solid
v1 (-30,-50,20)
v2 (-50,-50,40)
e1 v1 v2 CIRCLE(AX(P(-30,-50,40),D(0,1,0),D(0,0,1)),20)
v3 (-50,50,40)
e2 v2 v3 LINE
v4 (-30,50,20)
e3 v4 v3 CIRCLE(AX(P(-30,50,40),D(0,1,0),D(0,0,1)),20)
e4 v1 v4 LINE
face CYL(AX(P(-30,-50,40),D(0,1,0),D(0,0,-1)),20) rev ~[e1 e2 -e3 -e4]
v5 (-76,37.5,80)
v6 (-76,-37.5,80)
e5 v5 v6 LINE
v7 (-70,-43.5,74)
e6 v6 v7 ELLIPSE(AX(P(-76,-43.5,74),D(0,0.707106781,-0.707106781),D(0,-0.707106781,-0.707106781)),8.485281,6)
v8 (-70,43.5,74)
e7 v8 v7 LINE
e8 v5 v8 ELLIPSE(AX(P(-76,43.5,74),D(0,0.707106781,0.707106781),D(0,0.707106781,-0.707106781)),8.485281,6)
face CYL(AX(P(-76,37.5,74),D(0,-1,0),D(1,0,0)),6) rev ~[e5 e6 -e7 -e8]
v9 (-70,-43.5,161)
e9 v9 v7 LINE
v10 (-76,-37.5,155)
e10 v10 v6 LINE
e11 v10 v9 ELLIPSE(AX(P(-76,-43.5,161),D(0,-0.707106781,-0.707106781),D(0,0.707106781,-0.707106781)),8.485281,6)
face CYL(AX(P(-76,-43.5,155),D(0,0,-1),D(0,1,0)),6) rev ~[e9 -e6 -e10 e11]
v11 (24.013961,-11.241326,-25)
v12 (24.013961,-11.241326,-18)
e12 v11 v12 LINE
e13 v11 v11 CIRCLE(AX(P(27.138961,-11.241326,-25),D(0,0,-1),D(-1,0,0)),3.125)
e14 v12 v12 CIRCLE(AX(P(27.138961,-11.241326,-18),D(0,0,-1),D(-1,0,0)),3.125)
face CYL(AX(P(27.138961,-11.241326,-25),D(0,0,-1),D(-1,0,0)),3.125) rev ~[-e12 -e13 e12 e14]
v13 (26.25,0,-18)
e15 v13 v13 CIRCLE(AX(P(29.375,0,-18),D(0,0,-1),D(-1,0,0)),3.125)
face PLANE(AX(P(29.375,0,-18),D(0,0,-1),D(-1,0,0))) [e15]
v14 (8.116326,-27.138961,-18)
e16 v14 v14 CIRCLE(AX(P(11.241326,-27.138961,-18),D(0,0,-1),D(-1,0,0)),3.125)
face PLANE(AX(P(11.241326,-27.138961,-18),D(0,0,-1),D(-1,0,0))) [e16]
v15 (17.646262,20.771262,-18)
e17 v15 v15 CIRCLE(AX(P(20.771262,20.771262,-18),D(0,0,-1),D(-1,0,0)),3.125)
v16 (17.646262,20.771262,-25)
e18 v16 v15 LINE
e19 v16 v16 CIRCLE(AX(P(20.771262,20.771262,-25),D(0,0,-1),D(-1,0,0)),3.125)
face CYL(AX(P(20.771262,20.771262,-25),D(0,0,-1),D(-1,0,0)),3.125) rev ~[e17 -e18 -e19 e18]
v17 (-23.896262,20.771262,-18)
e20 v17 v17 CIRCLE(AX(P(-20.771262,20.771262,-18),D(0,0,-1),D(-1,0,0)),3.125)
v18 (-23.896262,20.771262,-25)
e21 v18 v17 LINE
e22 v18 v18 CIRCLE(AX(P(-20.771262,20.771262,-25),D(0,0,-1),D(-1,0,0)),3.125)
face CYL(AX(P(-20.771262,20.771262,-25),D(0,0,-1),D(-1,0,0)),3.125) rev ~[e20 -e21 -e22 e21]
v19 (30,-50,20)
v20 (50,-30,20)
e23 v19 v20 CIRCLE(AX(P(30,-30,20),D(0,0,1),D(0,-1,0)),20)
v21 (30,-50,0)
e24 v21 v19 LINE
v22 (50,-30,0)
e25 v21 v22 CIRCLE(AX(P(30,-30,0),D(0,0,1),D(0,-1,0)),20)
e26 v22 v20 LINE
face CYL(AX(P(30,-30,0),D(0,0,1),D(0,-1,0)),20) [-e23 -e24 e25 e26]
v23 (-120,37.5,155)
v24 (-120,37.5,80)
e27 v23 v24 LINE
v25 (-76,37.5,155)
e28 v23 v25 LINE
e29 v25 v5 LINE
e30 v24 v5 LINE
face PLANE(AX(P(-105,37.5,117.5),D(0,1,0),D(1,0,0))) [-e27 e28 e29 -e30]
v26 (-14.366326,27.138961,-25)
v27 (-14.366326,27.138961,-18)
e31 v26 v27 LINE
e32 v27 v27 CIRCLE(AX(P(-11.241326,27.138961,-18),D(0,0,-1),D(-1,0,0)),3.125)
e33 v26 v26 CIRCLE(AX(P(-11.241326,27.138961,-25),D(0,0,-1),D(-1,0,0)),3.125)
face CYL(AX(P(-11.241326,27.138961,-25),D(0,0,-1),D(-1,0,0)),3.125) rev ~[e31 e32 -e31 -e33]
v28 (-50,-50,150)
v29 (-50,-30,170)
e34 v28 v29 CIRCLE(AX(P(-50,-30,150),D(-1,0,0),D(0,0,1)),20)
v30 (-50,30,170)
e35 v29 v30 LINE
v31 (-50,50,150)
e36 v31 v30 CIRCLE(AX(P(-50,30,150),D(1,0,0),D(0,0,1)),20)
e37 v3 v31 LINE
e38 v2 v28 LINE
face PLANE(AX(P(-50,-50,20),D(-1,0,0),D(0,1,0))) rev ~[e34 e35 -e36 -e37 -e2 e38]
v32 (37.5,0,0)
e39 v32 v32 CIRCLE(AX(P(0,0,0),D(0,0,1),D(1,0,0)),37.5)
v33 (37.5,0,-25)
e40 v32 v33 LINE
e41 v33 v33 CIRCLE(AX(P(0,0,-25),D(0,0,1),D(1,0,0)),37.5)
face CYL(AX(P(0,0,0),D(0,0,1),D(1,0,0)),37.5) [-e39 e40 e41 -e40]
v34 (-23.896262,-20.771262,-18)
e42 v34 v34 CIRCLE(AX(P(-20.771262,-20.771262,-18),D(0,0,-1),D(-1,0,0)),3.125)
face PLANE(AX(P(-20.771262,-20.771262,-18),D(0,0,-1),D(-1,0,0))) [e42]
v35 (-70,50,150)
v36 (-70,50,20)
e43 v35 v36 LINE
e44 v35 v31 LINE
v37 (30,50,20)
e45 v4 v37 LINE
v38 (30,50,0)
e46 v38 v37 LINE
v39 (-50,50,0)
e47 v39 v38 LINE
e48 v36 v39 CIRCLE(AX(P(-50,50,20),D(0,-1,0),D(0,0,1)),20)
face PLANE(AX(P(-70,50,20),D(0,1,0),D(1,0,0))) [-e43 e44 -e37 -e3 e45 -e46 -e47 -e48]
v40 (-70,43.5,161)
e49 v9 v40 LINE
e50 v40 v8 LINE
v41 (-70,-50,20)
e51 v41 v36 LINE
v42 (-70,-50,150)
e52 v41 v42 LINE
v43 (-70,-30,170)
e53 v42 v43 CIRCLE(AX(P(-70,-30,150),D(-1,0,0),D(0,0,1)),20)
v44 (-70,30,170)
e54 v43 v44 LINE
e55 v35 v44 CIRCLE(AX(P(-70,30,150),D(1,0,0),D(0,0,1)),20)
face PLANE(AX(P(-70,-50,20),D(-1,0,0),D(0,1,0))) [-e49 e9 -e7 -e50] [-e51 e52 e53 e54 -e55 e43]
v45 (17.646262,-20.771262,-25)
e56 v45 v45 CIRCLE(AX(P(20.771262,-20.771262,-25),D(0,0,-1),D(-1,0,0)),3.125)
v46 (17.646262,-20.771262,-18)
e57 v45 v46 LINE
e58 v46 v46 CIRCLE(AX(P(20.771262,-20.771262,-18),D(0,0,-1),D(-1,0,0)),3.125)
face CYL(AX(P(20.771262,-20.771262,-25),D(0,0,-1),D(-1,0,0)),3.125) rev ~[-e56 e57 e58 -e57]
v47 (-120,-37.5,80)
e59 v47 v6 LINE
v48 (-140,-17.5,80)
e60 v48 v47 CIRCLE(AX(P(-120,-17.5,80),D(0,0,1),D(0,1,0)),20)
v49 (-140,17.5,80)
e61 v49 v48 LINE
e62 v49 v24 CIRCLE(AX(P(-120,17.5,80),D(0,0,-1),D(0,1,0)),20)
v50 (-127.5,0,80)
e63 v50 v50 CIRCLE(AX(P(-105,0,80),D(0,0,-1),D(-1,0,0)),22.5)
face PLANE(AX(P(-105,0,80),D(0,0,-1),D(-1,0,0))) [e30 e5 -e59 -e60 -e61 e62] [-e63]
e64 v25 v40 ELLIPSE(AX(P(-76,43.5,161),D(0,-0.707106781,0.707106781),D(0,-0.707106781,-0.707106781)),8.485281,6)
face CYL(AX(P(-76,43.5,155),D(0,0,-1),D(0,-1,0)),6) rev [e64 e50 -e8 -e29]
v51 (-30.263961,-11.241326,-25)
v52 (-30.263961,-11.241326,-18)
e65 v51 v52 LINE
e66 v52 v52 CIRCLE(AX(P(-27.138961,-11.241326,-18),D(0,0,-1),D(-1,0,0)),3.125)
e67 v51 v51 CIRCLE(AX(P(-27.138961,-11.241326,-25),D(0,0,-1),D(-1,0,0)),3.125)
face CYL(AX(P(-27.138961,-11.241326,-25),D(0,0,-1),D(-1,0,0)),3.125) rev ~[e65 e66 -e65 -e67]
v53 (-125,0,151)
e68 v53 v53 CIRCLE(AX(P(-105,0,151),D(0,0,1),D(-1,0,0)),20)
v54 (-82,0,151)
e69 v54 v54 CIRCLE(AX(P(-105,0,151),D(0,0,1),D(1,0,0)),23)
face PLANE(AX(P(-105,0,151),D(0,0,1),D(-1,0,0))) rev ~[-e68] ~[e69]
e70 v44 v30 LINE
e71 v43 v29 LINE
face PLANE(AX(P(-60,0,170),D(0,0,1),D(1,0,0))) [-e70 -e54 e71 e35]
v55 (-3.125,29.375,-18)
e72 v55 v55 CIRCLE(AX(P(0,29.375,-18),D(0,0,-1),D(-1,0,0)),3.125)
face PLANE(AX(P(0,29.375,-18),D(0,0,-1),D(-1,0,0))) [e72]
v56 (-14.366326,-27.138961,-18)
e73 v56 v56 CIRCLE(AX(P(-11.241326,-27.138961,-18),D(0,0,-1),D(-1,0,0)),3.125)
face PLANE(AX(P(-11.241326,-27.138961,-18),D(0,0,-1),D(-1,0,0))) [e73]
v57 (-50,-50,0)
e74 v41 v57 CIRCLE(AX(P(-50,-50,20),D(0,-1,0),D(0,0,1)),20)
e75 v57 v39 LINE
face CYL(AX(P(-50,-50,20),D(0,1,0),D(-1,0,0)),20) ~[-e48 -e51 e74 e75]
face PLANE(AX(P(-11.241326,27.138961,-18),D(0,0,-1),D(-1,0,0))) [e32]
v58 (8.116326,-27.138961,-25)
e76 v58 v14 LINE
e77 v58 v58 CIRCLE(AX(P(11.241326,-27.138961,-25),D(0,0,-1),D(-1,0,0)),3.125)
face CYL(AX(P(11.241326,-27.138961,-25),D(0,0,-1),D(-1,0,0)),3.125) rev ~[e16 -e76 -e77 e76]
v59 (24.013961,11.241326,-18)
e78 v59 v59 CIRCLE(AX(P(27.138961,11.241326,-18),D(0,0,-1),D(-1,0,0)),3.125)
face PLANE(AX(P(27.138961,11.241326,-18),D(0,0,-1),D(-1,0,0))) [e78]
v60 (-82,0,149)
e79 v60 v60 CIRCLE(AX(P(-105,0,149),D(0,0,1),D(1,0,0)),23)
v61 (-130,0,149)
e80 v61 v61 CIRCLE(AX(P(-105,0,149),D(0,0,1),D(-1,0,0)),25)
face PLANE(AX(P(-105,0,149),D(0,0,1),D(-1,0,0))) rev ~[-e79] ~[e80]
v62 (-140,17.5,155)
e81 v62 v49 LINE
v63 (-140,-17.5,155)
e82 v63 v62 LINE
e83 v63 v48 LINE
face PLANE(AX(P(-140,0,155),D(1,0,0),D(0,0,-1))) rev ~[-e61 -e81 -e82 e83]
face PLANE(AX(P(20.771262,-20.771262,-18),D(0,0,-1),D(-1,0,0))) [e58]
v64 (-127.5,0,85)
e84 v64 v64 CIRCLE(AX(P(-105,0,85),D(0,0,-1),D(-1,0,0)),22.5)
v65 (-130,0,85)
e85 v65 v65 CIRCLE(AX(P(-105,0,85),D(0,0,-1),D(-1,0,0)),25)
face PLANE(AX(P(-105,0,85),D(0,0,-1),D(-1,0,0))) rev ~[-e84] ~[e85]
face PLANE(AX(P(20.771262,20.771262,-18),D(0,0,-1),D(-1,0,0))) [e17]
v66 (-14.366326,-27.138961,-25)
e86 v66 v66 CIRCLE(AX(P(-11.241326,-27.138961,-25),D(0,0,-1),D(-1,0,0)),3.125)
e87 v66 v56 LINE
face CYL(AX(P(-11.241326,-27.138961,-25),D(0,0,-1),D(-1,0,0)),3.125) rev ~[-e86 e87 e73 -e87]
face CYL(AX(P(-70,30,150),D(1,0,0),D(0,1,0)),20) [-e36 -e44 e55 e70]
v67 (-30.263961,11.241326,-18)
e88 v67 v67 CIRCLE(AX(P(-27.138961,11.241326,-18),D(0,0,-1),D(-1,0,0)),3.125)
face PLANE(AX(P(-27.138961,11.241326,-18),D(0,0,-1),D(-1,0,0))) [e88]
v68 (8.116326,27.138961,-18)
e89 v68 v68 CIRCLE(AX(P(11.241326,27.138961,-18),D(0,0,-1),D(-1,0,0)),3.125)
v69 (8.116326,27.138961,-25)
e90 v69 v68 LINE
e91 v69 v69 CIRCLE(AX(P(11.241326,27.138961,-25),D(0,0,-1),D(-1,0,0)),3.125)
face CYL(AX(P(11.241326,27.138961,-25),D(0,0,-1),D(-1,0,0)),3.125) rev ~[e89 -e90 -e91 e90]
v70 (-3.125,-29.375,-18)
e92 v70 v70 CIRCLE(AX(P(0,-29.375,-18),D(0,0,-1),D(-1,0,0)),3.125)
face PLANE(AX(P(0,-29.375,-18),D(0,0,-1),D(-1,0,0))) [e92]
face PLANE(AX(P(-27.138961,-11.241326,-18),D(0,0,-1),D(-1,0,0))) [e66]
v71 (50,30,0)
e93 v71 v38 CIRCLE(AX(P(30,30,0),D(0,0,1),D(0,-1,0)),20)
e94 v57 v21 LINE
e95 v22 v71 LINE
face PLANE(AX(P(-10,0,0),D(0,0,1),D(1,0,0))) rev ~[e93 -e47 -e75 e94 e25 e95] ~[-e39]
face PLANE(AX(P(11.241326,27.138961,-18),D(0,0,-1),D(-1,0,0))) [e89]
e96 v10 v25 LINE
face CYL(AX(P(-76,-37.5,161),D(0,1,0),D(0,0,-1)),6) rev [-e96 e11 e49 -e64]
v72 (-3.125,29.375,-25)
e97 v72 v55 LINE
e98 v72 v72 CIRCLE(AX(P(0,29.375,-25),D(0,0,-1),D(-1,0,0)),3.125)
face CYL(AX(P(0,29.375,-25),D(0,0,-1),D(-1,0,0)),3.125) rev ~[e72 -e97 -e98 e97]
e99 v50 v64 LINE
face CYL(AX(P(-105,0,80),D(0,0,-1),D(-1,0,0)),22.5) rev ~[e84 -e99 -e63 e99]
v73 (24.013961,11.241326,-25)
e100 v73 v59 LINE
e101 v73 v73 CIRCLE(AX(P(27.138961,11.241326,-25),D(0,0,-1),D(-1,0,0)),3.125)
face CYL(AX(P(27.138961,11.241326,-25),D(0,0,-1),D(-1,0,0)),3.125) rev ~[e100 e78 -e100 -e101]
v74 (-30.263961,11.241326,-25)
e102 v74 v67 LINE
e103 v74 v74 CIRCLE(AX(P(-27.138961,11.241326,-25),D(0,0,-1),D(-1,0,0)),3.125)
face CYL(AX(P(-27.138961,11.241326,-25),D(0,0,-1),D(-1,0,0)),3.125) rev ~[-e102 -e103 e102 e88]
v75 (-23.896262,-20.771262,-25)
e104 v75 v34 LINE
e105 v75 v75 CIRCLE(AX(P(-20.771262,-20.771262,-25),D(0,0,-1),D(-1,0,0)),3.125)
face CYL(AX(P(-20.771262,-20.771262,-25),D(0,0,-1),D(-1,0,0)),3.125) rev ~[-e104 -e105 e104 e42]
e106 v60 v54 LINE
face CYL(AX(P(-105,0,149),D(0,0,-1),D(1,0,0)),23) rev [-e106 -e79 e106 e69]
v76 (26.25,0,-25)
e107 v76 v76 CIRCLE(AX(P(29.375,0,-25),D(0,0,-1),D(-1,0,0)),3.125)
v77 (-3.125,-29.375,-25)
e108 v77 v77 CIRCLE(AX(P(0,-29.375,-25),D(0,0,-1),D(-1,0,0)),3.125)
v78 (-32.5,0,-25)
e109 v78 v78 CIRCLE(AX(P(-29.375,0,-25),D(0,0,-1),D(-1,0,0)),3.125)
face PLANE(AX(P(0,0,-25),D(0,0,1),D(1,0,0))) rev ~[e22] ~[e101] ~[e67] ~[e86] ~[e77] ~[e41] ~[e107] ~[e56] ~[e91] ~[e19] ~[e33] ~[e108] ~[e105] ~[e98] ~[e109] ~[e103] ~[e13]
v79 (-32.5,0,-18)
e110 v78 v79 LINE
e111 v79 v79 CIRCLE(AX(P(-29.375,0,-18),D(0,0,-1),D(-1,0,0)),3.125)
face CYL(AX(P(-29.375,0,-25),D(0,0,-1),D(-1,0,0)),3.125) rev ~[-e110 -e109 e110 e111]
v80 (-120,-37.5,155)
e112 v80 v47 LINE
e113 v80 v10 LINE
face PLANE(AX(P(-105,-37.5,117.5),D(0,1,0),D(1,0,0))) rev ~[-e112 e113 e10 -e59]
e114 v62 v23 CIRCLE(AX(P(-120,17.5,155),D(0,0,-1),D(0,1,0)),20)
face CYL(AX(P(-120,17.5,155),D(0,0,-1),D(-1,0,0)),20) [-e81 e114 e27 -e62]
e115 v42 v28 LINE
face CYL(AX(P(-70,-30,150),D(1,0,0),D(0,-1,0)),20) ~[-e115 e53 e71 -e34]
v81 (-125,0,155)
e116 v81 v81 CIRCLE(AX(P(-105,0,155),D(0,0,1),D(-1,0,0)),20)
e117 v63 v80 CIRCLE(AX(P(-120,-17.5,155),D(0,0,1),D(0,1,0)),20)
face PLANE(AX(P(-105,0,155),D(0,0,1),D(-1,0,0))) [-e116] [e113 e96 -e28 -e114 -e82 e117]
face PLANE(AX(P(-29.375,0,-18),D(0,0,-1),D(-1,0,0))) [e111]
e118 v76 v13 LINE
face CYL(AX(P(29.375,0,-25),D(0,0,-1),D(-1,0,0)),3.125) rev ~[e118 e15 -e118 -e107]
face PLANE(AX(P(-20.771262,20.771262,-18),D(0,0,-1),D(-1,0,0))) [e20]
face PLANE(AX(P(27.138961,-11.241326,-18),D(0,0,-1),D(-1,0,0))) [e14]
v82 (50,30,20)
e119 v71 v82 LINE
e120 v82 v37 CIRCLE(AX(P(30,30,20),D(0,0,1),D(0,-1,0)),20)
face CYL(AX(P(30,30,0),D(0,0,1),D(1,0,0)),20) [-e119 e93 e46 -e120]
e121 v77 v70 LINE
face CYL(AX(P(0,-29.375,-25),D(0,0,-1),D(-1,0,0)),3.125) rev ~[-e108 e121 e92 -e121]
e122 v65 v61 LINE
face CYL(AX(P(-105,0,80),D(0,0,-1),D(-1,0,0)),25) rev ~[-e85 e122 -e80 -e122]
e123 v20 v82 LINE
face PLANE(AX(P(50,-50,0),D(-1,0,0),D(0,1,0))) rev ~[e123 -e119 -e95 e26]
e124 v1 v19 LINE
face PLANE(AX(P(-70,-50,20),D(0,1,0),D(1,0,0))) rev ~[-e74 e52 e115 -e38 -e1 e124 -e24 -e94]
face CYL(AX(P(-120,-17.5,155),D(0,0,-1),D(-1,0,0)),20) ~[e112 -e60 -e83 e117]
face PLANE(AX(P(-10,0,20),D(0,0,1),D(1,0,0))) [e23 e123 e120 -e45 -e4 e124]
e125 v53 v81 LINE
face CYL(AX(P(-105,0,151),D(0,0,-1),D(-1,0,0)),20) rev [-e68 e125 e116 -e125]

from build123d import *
from OCP.BRepFilletAPI import BRepFilletAPI_MakeFillet

# Parameters (mm, degrees)
SCHIZZO1_R                     = 37.5
FISSAGGIOMANDRINO_DEPTH        = 25
SCHIZZO2_W                     = 120
SCHIZZO2_H                     = 100
PIASTRA_DEPTH                  = 20
SCHIZZO3_R                     = 3.125
ACCOPPIAMENTOMANDRINI_DEPTH    = 7
SCHIZZO4_W                     = 20
SCHIZZO4_H                     = 100
BASEADATTATORE_DEPTH           = 150
RACCORDO1_R                    = 20
SCHIZZO5_W                     = 70
SCHIZZO5_H                     = 75
BASETORCIA_DEPTH               = 37.5
SCHIZZO6_R                     = 25
FOROTORICA_DEPTH               = 183.002747232
SCHIZZO7_R                     = 25
SCHIZZO7_R_2                   = 22.5
CONTATTOPOSTERIORETORCIA_DEPTH = 5
SCHIZZO8_R                     = 25
SCHIZZO8_R_2                   = 23
PRIMOCONTATTOANTERIORE_DEPTH   = 2
SCHIZZO9_R                     = 25
SCHIZZO9_R_2                   = 20
SECONDOCONTATTOANTERIORE_DEPTH = 4
RACCORDO2_R1                   = 20
RACCORDO2_R2                   = 6


with BuildPart() as part:
    # Schizzo1 → FissaggioMandrino (new body)
    with BuildSketch(Plane.XY):
        Circle(SCHIZZO1_R)
    extrude(amount=-FISSAGGIOMANDRINO_DEPTH)

    # Schizzo2 → Piastra (add)
    with BuildSketch(Plane.XY):
        with Locations((-10, 0)):
            Rectangle(SCHIZZO2_W, SCHIZZO2_H)
    extrude(amount=PIASTRA_DEPTH)

    # Schizzo3 → AccoppiamentoMandrini (cut)
    with BuildSketch(Plane(origin=(0, 0, -25), x_dir=(-1, 0, 0), z_dir=(0, 0, -1))):
        with Locations((29.375, 0)):
            Circle(SCHIZZO3_R)
        with Locations((27.138961268, -11.241325826)):
            Circle(SCHIZZO3_R)
        with Locations((20.771261697, -20.771261697)):
            Circle(SCHIZZO3_R)
        with Locations((11.241325826, -27.138961268)):
            Circle(SCHIZZO3_R)
        with Locations((0, -29.375)):
            Circle(SCHIZZO3_R)
        with Locations((-11.241325826, -27.138961268)):
            Circle(SCHIZZO3_R)
        with Locations((-20.771261697, -20.771261697)):
            Circle(SCHIZZO3_R)
        with Locations((-27.138961268, -11.241325826)):
            Circle(SCHIZZO3_R)
        with Locations((-29.375, 0)):
            Circle(SCHIZZO3_R)
        with Locations((-27.138961268, 11.241325826)):
            Circle(SCHIZZO3_R)
        with Locations((-20.771261697, 20.771261697)):
            Circle(SCHIZZO3_R)
        with Locations((-11.241325826, 27.138961268)):
            Circle(SCHIZZO3_R)
        with Locations((0, 29.375)):
            Circle(SCHIZZO3_R)
        with Locations((11.241325826, 27.138961268)):
            Circle(SCHIZZO3_R)
        with Locations((20.771261697, 20.771261697)):
            Circle(SCHIZZO3_R)
        with Locations((27.138961268, 11.241325826)):
            Circle(SCHIZZO3_R)
    extrude(amount=-ACCOPPIAMENTOMANDRINI_DEPTH, mode=Mode.SUBTRACT)

    # Schizzo4 → BaseAdattatore (add)
    with BuildSketch(Plane.XY.offset(20)):
        with Locations((-60, 0)):
            Rectangle(SCHIZZO4_W, SCHIZZO4_H)
    extrude(amount=BASEADATTATORE_DEPTH)

    # Raccordo1
    raccordo1_edges = [part.edges().sort_by_distance(p)[0] for p in [
        (-70, 0, 0),
        (50, -50, 10),
        (50, 50, 10),
        (-50, 0, 20),
        (-60, -50, 170),
        (-60, 50, 170),
    ]]
    fillet(raccordo1_edges, radius=RACCORDO1_R)

    # Schizzo5 → BaseTorcia (add, symmetric)
    with BuildSketch(Plane(origin=(0, 0, 0), x_dir=(1, 0, 0), z_dir=(0, 1, 0))):
        with Locations((-105, -117.5)):
            Rectangle(SCHIZZO5_W, SCHIZZO5_H)
    extrude(amount=BASETORCIA_DEPTH, both=True)

    # Schizzo6 → ForoTorica (cut, through all)
    with BuildSketch(Plane(origin=(0, 0, 80), x_dir=(-1, 0, 0), z_dir=(0, 0, -1))):
        with Locations((105, 0)):
            Circle(SCHIZZO6_R)
    extrude(amount=-FOROTORICA_DEPTH, mode=Mode.SUBTRACT)

    # Schizzo7 → ContattoPosterioreTorcia (add)
    with BuildSketch(Plane(origin=(0, 0, 80), x_dir=(-1, 0, 0), z_dir=(0, 0, -1))):
        with Locations((105, 0)):
            Circle(SCHIZZO7_R)
        with Locations((105, 0)):
            Circle(SCHIZZO7_R_2, mode=Mode.SUBTRACT)
    extrude(amount=-CONTATTOPOSTERIORETORCIA_DEPTH)

    # Schizzo8 → PrimoContattoAnteriore (add)
    with BuildSketch(Plane.XY.offset(149)):
        with Locations(Location((-105, 0, 0), (0, 0, 180))):
            Circle(SCHIZZO8_R)
        with Locations((-105, 0)):
            Circle(SCHIZZO8_R_2, mode=Mode.SUBTRACT)
    extrude(amount=PRIMOCONTATTOANTERIORE_DEPTH)

    # Schizzo9 → SecondocontattoAnteriore (add)
    with BuildSketch(Plane.XY.offset(151)):
        with Locations(Location((-105, 0, 0), (0, 0, 180))):
            Circle(SCHIZZO9_R)
        with Locations(Location((-105, 0, 0), (0, 0, 180))):
            Circle(SCHIZZO9_R_2, mode=Mode.SUBTRACT)
    extrude(amount=SECONDOCONTATTOANTERIORE_DEPTH)

    # Raccordo2: one fillet with a radius per group of edges: ONE call of the kernel's fillet builder (fillet() takes one radius for all edges)
    raccordo2_edges_1 = [part.edges().sort_by_distance(p)[0] for p in [
        (-140, -37.5, 117.5),
        (-140, 37.5, 117.5),
    ]]
    raccordo2_edges_2 = [part.edges().sort_by_distance(p)[0] for p in [
        (-70, 37.5, 117.5),
        (-70, -37.5, 117.5),
        (-70, 0, 80),
        (-70, 0, 155),
    ]]
    raccordo2 = BRepFilletAPI_MakeFillet(part.part.solid().wrapped)
    for e in raccordo2_edges_1:
        raccordo2.Add(RACCORDO2_R1, e.wrapped)
    for e in raccordo2_edges_2:
        raccordo2.Add(RACCORDO2_R2, e.wrapped)
    add(Compound.cast(raccordo2.Shape()), mode=Mode.REPLACE)


solid = part.part
